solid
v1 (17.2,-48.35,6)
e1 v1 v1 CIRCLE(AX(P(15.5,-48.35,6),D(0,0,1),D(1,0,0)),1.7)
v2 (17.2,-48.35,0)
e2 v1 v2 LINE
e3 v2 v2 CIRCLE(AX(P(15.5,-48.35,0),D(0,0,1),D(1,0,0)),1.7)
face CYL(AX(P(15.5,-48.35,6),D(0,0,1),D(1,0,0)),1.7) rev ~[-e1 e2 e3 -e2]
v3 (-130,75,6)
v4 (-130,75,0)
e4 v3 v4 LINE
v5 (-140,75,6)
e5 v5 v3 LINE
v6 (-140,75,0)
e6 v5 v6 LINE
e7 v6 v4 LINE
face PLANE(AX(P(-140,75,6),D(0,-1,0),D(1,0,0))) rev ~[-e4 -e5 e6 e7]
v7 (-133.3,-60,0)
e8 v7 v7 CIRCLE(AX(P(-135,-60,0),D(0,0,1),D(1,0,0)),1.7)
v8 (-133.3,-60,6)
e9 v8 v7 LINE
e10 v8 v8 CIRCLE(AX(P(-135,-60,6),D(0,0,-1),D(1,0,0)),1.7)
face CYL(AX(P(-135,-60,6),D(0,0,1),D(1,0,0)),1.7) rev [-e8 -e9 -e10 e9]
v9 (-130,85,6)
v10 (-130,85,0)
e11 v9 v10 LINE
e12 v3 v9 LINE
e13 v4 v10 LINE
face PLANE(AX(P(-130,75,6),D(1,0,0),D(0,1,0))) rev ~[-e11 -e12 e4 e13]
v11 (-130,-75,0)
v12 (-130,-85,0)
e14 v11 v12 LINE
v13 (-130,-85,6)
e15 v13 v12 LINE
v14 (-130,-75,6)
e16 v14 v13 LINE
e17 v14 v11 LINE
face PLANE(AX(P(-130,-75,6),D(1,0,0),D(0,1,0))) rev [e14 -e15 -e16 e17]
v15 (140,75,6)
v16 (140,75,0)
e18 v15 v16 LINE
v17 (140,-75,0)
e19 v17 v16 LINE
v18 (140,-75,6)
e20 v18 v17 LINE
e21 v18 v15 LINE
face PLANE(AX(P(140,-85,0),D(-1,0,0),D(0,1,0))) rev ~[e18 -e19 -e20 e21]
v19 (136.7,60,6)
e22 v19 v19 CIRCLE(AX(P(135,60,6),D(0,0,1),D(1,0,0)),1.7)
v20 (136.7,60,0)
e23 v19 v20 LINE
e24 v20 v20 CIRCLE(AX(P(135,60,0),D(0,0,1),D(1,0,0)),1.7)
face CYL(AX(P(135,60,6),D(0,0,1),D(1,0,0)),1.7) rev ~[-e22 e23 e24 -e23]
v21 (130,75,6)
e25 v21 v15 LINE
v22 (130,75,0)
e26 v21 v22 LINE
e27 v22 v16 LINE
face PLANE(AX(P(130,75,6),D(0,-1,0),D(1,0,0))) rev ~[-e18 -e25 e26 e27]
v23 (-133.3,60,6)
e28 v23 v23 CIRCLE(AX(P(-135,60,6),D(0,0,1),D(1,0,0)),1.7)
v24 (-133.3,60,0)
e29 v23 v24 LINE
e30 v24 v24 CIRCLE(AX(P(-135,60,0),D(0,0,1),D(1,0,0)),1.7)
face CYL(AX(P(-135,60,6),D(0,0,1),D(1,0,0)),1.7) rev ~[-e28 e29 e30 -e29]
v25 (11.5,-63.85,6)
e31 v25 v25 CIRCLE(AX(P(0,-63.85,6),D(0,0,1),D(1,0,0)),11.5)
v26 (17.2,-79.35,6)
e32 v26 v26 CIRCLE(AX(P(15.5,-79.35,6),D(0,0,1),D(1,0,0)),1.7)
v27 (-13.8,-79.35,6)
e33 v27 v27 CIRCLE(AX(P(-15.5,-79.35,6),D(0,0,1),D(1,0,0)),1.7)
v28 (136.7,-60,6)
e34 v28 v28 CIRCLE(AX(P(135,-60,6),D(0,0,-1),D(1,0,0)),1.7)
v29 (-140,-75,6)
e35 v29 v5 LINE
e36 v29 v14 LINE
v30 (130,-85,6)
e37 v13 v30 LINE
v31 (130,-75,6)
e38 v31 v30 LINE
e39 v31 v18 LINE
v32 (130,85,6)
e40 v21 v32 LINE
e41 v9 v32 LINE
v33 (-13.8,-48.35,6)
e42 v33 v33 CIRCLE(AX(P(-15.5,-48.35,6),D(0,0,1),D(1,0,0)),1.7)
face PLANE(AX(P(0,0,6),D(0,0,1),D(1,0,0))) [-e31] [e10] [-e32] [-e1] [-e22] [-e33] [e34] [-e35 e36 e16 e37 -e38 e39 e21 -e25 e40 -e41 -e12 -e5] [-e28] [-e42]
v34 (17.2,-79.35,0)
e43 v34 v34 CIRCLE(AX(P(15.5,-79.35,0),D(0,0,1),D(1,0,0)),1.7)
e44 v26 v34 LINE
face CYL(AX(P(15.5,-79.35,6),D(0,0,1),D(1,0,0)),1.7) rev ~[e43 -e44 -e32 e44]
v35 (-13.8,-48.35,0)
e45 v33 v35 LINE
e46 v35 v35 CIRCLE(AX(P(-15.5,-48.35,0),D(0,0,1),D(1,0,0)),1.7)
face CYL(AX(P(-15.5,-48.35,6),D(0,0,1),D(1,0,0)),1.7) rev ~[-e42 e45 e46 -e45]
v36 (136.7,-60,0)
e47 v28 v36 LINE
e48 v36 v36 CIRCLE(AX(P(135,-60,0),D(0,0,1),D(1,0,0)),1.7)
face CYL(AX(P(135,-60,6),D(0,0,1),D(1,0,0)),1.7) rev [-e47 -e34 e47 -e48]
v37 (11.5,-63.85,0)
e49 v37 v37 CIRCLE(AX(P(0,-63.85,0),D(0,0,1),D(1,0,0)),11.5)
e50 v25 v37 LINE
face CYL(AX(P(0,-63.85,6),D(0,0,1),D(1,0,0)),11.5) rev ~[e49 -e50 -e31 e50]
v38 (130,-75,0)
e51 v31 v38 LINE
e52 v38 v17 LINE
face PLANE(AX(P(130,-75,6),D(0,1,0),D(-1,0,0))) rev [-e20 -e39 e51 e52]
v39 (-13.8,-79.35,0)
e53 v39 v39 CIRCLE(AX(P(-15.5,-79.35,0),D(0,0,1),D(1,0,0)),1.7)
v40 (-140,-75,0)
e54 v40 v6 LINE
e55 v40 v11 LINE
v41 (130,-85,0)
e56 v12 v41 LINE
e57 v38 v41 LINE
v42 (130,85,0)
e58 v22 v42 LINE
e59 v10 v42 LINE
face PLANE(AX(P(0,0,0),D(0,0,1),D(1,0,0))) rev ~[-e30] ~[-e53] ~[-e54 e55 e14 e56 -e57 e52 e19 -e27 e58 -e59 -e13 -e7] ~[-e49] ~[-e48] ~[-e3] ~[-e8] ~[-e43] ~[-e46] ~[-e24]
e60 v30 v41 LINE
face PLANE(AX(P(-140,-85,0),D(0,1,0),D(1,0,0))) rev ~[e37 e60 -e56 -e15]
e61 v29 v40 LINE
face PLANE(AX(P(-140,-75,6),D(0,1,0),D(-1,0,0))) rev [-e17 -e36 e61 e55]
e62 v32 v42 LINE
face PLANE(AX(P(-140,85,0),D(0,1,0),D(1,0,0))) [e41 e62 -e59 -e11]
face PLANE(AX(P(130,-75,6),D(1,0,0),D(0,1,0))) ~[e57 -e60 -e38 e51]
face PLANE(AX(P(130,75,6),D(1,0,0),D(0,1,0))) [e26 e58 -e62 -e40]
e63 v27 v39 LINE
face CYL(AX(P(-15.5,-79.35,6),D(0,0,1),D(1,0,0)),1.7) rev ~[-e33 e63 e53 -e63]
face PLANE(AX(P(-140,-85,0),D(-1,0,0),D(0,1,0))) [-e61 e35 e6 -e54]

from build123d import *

# Parameters (mm, degrees)
SKETCH_W        = 280
SKETCH_H        = 170
PAD_DEPTH       = 6
SKETCH001_R     = 1.7
SKETCH001_W     = 10
SKETCH001_H     = 10
POCKET_DEPTH    = 661.244466
SKETCH002_R     = 1.7
SKETCH002_R_2   = 11.5
POCKET001_DEPTH = 6.001


with BuildPart() as part:
    # Sketch → Pad (new body)
    with BuildSketch(Plane.XY):
        Rectangle(SKETCH_W, SKETCH_H)
    extrude(amount=PAD_DEPTH)

    # Sketch001 (on Face6 of Pad) → Pocket (cut, through all)
    with BuildSketch(Plane.XY.offset(6)):
        with Locations((-135, 60)):
            Circle(SKETCH001_R)
        with Locations((135, 60)):
            Circle(SKETCH001_R)
        with Locations((-135, 80)):
            Rectangle(SKETCH001_W, SKETCH001_H)
        with Locations((135, 80)):
            Rectangle(SKETCH001_W, SKETCH001_H)
    pocket = extrude(amount=-POCKET_DEPTH, mode=Mode.SUBTRACT)

    # Mirrored: Pocket across Sketch001 H_Axis
    add(pocket.mirror(Plane(origin=(0, 0, 6), x_dir=(0, 0, 1), z_dir=(0, 1, 0))), mode=Mode.SUBTRACT)

    # Sketch002 (on Face4 of Mirrored) → Pocket001 (cut, through all)
    with BuildSketch(Plane.XY.offset(6)):
        with Locations((-15.5, -48.35)):
            Circle(SKETCH002_R)
        with Locations((15.5, -48.35)):
            Circle(SKETCH002_R)
        with Locations((15.5, -79.35)):
            Circle(SKETCH002_R)
        with Locations((-15.5, -79.35)):
            Circle(SKETCH002_R)
        with Locations((0, -63.85)):
            Circle(SKETCH002_R_2)
    extrude(amount=-POCKET001_DEPTH, mode=Mode.SUBTRACT)


solid = part.part
